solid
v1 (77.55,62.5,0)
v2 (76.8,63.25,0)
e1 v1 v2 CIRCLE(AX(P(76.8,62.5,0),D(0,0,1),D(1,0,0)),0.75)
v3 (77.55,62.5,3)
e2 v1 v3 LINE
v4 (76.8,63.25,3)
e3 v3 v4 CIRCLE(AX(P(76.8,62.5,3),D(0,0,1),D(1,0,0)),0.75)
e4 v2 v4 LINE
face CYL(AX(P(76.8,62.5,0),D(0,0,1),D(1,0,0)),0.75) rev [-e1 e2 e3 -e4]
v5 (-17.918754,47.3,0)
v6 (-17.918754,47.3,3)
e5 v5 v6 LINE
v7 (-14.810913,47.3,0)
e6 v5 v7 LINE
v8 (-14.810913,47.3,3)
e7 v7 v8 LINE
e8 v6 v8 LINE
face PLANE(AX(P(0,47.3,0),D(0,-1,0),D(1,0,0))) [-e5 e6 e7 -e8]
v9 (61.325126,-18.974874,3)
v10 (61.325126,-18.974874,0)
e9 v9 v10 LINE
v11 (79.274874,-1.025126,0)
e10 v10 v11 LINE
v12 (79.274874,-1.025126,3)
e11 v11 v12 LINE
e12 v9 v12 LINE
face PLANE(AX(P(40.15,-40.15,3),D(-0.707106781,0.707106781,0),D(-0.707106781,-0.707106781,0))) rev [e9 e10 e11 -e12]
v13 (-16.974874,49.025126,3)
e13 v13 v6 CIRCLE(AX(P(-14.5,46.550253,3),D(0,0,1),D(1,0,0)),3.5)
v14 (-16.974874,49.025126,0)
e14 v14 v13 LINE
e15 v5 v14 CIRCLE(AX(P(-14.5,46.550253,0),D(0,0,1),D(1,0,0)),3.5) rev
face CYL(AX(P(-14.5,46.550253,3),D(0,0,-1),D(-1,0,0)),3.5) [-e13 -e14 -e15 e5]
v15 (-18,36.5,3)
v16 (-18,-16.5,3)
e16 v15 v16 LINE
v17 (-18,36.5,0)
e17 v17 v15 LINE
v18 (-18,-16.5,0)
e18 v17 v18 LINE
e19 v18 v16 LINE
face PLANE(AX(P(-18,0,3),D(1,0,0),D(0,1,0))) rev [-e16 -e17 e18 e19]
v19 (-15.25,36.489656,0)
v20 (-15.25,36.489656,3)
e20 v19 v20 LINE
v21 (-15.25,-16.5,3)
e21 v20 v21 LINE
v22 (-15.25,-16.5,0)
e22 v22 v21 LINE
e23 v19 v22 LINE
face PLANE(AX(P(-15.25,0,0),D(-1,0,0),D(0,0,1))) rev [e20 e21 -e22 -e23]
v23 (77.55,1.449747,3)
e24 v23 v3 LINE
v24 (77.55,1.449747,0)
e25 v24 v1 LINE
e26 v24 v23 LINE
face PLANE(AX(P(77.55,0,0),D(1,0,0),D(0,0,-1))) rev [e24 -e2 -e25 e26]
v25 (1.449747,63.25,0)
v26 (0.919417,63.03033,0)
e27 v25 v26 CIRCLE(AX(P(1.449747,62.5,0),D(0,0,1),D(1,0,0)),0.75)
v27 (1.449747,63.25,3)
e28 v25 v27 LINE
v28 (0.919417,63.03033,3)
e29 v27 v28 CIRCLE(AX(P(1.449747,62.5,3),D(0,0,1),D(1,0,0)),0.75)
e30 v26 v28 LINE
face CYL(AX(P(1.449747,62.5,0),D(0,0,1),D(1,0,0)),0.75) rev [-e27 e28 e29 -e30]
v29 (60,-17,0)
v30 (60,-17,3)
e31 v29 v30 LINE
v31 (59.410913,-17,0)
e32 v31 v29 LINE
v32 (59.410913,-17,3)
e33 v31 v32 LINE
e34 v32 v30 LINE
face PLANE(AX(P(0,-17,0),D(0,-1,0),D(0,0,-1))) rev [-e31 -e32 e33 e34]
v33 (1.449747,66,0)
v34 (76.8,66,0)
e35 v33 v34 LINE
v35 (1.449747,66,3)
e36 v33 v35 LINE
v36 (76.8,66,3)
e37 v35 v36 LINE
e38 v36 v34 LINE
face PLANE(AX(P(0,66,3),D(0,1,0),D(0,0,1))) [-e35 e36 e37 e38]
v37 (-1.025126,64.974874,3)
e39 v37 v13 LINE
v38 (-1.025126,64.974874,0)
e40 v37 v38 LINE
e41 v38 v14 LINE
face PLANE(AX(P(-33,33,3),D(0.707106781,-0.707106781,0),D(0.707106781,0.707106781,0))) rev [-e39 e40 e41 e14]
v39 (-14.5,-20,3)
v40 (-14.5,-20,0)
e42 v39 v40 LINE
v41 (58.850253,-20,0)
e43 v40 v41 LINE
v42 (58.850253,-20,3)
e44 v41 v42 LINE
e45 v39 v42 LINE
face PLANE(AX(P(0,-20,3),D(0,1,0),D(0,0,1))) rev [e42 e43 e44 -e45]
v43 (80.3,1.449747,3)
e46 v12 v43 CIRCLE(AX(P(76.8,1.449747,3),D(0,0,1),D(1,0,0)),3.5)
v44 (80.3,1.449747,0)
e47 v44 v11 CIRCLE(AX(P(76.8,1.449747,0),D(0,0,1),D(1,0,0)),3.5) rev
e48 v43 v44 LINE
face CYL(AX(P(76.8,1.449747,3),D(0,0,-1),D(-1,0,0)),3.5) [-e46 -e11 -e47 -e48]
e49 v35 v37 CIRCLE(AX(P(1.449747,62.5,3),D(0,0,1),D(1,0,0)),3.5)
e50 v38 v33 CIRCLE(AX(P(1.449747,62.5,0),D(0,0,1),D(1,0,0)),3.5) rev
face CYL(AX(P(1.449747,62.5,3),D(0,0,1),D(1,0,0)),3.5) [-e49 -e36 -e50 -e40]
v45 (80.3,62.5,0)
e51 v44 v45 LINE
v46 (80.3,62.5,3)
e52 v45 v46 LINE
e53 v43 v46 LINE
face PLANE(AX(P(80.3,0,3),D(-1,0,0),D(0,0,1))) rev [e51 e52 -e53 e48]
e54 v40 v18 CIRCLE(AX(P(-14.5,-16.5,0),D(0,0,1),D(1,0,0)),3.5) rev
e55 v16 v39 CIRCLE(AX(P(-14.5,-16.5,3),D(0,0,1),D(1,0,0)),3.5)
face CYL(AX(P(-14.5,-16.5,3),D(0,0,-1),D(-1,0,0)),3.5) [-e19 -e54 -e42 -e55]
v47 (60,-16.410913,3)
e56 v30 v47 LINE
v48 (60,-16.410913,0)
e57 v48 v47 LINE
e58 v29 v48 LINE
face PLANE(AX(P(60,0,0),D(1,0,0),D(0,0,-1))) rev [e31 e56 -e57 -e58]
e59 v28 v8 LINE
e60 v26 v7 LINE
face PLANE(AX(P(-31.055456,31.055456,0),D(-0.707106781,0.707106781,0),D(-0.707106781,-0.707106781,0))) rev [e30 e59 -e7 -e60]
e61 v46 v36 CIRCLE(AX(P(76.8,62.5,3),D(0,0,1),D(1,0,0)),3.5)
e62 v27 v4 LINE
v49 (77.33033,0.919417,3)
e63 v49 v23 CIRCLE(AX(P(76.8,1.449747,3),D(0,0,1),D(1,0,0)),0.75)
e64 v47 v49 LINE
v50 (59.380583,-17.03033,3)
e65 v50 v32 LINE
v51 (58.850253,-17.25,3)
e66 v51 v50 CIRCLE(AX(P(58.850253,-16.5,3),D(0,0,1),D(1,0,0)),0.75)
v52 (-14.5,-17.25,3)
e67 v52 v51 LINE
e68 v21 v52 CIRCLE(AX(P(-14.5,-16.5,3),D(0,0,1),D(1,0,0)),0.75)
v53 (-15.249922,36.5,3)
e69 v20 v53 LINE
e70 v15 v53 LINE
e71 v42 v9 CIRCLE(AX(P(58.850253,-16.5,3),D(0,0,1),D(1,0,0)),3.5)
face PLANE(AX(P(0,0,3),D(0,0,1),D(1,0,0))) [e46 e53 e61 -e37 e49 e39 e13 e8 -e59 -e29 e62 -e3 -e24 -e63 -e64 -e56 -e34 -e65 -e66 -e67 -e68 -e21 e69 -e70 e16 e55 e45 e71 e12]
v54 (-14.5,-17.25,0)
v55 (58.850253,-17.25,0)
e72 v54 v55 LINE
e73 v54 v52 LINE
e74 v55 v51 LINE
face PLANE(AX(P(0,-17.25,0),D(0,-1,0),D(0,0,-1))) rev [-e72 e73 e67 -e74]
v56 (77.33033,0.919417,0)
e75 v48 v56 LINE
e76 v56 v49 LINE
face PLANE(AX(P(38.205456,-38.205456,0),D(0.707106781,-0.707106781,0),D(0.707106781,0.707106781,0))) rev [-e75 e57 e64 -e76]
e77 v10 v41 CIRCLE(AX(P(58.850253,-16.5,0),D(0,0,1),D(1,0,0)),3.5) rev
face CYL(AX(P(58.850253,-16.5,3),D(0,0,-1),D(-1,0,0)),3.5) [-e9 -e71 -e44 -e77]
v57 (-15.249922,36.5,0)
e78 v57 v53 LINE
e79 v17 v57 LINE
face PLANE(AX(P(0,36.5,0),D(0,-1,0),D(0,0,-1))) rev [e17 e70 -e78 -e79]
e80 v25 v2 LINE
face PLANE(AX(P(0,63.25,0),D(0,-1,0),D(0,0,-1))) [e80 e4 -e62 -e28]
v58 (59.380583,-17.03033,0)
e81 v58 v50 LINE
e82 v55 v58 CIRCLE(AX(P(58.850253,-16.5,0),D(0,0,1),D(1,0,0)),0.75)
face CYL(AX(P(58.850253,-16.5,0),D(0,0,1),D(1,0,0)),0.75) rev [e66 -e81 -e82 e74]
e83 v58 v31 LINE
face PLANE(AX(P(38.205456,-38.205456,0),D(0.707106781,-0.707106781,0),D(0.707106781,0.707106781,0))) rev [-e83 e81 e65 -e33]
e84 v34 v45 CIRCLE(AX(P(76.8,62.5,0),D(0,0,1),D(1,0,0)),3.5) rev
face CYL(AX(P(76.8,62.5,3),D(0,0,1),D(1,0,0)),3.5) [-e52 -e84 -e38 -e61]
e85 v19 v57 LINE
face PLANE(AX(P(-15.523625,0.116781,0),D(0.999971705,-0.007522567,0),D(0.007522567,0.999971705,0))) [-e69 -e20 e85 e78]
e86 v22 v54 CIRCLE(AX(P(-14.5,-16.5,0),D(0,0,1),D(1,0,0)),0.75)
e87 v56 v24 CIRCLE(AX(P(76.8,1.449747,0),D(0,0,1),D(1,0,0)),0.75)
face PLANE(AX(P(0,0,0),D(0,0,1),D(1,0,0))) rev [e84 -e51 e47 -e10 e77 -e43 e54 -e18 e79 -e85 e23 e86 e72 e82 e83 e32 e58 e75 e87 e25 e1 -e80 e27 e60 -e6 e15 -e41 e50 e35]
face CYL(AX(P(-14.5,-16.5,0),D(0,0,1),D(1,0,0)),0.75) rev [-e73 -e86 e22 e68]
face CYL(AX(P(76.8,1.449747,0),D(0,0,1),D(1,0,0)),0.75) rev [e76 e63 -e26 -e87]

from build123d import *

# Parameters (mm, degrees)
BOSS_EXTRUDE1_DEPTH = 3
FILLET1_R           = 3.5
SKETCH2_W           = 72.4
SKETCH2_H           = 45
CUT_EXTRUDE1_DEPTH  = 104.986008674
SKETCH3_W           = 33
SKETCH3_H           = 18
SKETCH3_W_2         = 39
SKETCH3_H_2         = 18.5
SKETCH3_W_3         = 15
SKETCH3_H_3         = 30
CUT_EXTRUDE2_DEPTH  = 104.986008674
SKETCH4_W           = 39
SKETCH4_H           = 18.5
SKETCH4_W_2         = 15
SKETCH4_H_2         = 30
SKETCH4_W_3         = 72.4
SKETCH4_H_3         = 45
CUT_EXTRUDE3_DEPTH  = 104.986008674


with BuildPart() as part:
    # Sketch1 → Boss-Extrude1 (new body)
    with BuildSketch(Plane.XY):
        Polygon((60.3, -20), (80.3, 0), (80.3, 66), (0, 66), (-18, 48), (-18, -20), align=None)
    extrude(amount=BOSS_EXTRUDE1_DEPTH)

    # Fillet1
    fillet1_edges = [part.edges().sort_by_distance(p)[0] for p in [
        (80.3, 0, 1.5),
        (60.3, -20, 1.5),
        (-18, -20, 1.5),
        (-18, 48, 1.5),
        (80.3, 66, 1.5),
        (0, 66, 1.5),
    ]]
    fillet(fillet1_edges, radius=FILLET1_R)

    # Sketch2 → Cut-Extrude1 (cut, through all)
    with BuildSketch(Plane.XY.offset(3)):
        with Locations((39.2, 33)):
            Rectangle(SKETCH2_W, SKETCH2_H)
    extrude(amount=-CUT_EXTRUDE1_DEPTH, mode=Mode.SUBTRACT)

    # Sketch3 → Cut-Extrude2 (cut, through all)
    with BuildSketch(Plane.XY.offset(3)):
        with Locations((43.5, -8)):
            Rectangle(SKETCH3_W, SKETCH3_H)
        with Locations((4.5, -7.75)):
            Rectangle(SKETCH3_W_2, SKETCH3_H_2)
        with Locations((-7.5, 19.5)):
            Rectangle(SKETCH3_W_3, SKETCH3_H_3)
        with BuildLine():
            Line((-3, 47.3), (-17.918753974, 47.3))
            ThreePointArc((-17.918753974, 47.3), (-17.979629212, 46.927320889), (-18, 46.550252532))
            Line((-18, 46.550252532), (-18, 36.5))
            Line((-18, 36.5), (-3, 36.5))
            Line((-3, 36.5), (-3, 47.3))
        make_face()
        Polygon((63, -4.572077939), (67.242640687, -8.814718626), (71.485281374, -4.572077939), (67.242640687, -0.329437252), align=None)
    extrude(amount=-CUT_EXTRUDE2_DEPTH, mode=Mode.SUBTRACT)

    # Sketch4 → Cut-Extrude3 (cut, through all)
    with BuildSketch(Plane.XY.offset(3)):
        with BuildLine():
            Line((0.919417382, 63.030330086), (-14.810912703, 47.3))
            Line((-14.810912703, 47.3), (-3, 47.3))
            Line((-3, 47.3), (-3, 36.5))
            Line((-3, 36.5), (-15.249922187, 36.5))
            Line((-15.249922187, 36.5), (-15.25, 36.489656324))
            Line((-15.25, 36.489656324), (-15.25, -16.5))
            ThreePointArc((-15.25, -16.5), (-15.030330086, -17.030330086), (-14.5, -17.25))
            Line((-14.5, -17.25), (58.850252532, -17.25))
            ThreePointArc((58.850252532, -17.25), (59.137265106, -17.192909649), (59.380582618, -17.030330086))
            Line((59.380582618, -17.030330086), (59.410912703, -17))
            Line((59.410912703, -17), (27, -17))
            Line((27, -17), (27, 1))
            Line((27, 1), (60, 1))
            Line((60, 1), (60, -16.410912703))
            Line((60, -16.410912703), (77.330330086, 0.919417382))
            ThreePointArc((77.330330086, 0.919417382), (77.492909649, 1.162734894), (77.55, 1.449747468))
            Line((77.55, 1.449747468), (77.55, 62.5))
            ThreePointArc((77.55, 62.5), (77.330330086, 63.030330086), (76.8, 63.25))
            Line((76.8, 63.25), (1.449747468, 63.25))
            ThreePointArc((1.449747468, 63.25), (1.162734894, 63.192909649), (0.919417382, 63.030330086))
        make_face()
        with Locations((4.5, -7.75)):
            Rectangle(SKETCH4_W, SKETCH4_H, mode=Mode.SUBTRACT)
        with Locations((-7.5, 19.5)):
            Rectangle(SKETCH4_W_2, SKETCH4_H_2, mode=Mode.SUBTRACT)
        Polygon((67.242640687, -8.814718626), (63, -4.572077939), (67.242640687, -0.329437252), (71.485281374, -4.572077939), align=None, mode=Mode.SUBTRACT)
        with Locations((39.2, 33)):
            Rectangle(SKETCH4_W_3, SKETCH4_H_3, mode=Mode.SUBTRACT)
    extrude(amount=-CUT_EXTRUDE3_DEPTH, mode=Mode.SUBTRACT)


solid = part.part
